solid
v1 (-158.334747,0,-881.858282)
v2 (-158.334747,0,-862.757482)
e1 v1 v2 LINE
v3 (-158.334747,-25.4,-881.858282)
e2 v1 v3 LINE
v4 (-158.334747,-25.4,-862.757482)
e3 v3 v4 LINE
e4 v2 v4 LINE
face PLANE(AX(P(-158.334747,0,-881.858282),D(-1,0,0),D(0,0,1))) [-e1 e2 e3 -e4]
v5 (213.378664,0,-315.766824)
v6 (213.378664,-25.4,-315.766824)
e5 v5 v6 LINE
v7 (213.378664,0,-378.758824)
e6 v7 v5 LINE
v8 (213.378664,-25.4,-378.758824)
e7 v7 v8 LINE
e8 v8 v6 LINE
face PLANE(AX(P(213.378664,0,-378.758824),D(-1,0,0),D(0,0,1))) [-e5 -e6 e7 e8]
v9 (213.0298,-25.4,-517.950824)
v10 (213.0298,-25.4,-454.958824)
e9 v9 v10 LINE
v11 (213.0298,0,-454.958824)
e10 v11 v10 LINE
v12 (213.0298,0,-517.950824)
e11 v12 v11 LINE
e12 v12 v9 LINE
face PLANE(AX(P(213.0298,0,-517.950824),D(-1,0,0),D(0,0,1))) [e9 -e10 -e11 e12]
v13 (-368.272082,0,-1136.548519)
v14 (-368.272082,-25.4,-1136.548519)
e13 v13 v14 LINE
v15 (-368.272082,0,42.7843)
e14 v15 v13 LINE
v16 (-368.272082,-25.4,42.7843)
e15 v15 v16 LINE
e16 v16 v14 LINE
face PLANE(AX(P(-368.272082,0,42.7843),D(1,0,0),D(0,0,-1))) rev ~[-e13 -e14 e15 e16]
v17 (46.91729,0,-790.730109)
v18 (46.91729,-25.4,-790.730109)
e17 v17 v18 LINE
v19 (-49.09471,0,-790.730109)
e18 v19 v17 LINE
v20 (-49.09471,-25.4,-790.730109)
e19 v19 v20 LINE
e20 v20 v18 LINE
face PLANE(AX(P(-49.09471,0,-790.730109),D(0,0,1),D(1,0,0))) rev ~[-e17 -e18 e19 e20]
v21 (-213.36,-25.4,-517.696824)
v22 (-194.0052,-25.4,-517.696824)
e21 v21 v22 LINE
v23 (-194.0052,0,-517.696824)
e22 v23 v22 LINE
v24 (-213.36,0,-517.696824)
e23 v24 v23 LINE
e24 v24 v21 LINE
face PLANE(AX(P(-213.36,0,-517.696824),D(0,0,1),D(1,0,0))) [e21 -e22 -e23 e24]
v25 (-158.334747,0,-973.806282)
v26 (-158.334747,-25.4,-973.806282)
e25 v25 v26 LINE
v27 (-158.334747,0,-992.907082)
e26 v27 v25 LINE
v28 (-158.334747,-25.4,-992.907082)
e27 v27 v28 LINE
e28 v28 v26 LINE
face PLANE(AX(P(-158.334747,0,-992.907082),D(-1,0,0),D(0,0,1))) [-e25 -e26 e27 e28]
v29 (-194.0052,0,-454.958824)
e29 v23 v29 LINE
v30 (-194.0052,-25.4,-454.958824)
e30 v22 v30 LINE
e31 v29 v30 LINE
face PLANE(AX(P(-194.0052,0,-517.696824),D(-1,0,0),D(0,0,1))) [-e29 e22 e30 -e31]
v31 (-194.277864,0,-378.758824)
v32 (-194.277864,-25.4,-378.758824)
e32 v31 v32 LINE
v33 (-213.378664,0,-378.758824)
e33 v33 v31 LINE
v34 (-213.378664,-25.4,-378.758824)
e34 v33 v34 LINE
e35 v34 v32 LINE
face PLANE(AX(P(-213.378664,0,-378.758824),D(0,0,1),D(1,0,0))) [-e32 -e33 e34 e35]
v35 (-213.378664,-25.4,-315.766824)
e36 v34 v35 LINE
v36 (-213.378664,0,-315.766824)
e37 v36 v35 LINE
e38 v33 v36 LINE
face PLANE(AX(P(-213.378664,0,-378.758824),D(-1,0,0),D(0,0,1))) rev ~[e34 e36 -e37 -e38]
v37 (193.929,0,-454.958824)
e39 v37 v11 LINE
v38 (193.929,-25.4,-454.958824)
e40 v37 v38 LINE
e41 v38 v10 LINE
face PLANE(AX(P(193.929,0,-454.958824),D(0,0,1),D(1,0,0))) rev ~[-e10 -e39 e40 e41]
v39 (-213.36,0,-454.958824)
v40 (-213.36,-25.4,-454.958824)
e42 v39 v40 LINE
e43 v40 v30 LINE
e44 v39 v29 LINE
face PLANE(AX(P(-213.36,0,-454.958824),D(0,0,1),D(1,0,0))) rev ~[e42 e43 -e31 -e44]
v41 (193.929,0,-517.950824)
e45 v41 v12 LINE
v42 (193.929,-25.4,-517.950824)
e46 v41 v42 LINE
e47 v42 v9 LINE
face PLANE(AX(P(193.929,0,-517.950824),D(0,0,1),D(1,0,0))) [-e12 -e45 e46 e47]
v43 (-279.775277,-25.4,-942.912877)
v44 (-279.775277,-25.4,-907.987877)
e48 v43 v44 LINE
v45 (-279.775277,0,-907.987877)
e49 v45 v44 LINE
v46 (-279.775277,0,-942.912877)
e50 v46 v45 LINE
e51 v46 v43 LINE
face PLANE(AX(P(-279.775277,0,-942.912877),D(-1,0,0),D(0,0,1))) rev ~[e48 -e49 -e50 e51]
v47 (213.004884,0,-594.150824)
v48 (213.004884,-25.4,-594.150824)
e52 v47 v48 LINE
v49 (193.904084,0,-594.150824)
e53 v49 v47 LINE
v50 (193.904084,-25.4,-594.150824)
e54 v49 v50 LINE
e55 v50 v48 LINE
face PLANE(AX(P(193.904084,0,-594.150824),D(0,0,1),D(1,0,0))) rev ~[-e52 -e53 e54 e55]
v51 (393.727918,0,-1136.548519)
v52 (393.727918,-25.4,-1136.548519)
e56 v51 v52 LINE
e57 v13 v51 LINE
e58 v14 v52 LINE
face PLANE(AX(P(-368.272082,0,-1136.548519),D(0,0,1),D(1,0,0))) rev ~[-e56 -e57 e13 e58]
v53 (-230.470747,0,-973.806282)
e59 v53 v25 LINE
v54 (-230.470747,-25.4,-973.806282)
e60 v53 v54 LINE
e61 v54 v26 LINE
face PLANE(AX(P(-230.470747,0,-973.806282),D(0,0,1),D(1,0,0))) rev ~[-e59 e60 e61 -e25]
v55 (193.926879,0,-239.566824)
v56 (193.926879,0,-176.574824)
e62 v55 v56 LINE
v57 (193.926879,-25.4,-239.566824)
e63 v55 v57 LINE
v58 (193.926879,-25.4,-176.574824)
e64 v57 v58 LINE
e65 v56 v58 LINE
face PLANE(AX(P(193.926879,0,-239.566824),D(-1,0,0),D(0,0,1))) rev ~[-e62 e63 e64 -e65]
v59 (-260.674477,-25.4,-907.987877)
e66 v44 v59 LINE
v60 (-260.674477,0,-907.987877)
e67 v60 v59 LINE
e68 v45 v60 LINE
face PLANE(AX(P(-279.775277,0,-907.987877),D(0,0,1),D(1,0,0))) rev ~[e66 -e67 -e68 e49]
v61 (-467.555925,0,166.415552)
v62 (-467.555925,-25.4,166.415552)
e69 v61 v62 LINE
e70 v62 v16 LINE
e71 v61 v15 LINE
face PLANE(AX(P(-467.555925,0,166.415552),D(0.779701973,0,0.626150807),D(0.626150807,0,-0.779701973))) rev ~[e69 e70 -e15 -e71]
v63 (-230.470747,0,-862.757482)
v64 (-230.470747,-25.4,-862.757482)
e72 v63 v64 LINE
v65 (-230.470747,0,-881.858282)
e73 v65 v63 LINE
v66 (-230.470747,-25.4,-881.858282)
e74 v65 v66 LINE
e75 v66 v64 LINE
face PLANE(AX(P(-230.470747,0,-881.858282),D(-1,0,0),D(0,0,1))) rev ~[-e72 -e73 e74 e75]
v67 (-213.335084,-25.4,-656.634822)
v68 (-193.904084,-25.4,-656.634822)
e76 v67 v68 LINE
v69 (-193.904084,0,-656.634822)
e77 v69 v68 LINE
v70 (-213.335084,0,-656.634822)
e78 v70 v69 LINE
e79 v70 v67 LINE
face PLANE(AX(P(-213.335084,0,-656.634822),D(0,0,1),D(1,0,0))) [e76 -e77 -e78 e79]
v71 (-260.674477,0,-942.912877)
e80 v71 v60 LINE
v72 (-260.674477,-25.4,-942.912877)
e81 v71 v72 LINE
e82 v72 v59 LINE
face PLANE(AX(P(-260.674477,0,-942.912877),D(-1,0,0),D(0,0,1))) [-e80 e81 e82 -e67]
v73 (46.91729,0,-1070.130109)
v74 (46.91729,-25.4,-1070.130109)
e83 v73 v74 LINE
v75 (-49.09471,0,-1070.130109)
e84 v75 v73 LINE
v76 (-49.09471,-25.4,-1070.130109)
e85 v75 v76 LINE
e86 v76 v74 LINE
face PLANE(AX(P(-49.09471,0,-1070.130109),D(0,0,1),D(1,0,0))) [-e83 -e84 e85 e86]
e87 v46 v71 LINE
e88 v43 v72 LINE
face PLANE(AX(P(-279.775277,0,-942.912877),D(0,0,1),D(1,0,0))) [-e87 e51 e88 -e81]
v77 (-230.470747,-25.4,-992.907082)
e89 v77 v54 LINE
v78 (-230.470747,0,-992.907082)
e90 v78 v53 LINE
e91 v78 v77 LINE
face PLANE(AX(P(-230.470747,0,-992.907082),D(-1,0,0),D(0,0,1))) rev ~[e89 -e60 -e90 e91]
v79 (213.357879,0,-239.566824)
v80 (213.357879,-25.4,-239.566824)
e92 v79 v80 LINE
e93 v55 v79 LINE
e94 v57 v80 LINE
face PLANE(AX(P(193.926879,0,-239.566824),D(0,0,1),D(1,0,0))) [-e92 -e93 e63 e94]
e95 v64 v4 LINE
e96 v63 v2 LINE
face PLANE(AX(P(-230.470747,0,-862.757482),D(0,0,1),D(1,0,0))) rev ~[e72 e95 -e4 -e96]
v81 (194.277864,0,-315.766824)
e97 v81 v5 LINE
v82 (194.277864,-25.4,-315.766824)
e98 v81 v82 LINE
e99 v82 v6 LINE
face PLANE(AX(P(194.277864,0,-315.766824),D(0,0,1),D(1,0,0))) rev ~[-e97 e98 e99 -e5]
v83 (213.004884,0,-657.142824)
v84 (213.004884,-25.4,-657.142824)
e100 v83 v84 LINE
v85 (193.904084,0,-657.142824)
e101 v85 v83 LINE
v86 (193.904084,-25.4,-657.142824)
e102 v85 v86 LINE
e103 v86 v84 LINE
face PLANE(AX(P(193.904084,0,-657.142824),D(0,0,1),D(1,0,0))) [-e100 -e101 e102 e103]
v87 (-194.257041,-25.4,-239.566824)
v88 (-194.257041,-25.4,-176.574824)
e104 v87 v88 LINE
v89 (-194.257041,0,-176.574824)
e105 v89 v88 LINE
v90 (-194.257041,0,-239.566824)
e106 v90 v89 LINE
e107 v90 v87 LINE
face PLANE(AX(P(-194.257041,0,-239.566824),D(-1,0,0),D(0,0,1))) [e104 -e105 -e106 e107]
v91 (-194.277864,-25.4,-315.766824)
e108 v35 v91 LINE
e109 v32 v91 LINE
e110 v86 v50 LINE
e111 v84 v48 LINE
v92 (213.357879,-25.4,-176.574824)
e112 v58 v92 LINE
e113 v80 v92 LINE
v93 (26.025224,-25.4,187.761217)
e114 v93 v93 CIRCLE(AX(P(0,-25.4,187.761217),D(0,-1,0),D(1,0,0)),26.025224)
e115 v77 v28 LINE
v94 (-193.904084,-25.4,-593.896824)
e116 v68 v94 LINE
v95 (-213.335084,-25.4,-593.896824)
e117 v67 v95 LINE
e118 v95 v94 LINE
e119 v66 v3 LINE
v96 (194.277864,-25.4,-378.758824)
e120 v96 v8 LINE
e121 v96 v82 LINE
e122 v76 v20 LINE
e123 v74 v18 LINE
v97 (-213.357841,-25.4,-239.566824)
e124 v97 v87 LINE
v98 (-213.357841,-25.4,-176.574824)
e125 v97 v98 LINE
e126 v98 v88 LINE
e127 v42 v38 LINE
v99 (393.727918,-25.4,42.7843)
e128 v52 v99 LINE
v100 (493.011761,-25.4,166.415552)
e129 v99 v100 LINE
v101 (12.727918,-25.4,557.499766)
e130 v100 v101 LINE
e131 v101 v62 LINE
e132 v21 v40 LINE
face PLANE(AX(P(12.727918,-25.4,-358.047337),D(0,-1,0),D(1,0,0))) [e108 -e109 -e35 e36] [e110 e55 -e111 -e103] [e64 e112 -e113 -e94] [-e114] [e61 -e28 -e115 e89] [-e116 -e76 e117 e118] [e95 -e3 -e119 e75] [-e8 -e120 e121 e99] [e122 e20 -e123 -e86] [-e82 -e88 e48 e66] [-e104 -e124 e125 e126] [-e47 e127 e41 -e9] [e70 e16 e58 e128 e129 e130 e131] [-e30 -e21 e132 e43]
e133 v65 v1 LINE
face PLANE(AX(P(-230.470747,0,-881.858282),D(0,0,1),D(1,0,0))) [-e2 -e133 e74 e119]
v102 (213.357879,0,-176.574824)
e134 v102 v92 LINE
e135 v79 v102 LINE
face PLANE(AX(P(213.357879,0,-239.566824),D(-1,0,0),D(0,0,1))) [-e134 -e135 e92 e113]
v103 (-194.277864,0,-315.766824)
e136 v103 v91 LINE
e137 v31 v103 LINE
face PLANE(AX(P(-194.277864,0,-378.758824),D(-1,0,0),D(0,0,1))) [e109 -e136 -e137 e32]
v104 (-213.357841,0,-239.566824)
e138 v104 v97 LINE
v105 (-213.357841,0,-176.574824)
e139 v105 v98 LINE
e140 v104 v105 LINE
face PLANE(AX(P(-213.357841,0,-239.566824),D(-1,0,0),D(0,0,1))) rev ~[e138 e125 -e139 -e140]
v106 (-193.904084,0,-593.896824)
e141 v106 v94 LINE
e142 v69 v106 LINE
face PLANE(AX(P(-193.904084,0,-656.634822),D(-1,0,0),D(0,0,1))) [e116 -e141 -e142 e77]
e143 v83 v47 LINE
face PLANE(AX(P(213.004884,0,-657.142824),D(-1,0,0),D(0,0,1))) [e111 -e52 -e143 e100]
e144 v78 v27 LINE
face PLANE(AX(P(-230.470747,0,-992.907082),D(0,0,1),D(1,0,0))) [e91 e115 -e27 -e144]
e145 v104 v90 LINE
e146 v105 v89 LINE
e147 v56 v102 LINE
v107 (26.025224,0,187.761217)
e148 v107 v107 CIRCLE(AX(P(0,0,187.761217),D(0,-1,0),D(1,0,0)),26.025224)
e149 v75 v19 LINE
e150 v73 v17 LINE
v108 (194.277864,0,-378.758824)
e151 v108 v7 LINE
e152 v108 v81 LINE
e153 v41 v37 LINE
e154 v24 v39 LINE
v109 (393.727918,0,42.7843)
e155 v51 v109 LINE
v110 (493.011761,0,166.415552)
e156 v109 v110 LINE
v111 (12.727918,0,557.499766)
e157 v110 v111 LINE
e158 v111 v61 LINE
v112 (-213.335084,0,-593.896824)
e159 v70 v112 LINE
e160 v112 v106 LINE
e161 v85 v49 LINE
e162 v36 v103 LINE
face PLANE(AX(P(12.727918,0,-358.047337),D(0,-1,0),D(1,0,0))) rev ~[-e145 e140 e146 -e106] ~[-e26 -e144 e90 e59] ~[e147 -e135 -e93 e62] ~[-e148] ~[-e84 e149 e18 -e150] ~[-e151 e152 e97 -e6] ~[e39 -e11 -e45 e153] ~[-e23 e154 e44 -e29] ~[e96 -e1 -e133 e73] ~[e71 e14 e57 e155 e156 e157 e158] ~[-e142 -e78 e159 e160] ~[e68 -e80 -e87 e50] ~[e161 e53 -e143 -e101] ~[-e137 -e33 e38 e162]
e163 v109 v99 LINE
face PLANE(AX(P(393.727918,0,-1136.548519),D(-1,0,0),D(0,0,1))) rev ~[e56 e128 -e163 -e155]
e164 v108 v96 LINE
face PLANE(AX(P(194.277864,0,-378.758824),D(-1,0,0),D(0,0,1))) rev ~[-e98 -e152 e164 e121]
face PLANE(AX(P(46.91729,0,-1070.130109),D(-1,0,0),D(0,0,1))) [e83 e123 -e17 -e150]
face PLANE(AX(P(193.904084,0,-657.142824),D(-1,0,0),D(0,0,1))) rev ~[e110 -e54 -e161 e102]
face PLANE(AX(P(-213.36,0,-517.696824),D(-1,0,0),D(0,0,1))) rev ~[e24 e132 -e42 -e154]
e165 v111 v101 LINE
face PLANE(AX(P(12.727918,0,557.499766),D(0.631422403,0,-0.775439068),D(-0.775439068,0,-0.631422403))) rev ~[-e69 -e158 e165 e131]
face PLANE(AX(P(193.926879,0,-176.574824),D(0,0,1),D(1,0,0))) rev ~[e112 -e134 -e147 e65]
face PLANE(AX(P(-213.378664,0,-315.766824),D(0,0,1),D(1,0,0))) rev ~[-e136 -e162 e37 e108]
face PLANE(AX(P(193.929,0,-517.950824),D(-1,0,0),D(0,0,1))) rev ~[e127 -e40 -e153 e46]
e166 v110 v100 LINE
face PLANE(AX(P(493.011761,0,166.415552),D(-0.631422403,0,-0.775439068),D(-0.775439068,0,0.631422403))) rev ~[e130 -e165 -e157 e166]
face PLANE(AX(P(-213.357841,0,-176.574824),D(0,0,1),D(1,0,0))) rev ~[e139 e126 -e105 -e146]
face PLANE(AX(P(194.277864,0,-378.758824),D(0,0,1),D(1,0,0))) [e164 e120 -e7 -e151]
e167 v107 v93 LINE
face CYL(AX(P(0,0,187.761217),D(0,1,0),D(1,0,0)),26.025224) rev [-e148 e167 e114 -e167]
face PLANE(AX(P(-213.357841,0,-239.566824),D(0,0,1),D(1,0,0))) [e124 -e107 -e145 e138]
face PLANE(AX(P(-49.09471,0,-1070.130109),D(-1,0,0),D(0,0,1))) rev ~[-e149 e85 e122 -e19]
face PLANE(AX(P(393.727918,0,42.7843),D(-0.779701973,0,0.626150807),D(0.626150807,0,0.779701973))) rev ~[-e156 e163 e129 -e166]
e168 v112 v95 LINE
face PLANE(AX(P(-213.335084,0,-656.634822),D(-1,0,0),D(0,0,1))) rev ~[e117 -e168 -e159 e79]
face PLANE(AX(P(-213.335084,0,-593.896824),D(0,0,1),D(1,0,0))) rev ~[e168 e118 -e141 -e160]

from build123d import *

# Parameters (mm, degrees)
F0_W     = 19.1008
F0_H     = 34.925
F0_W_2   = 72.136
F0_H_2   = 19.1008
F0_W_3   = 96.012
F0_H_3   = 279.4
F0_W_4   = 19.431
F0_H_4   = 62.737998
F0_W_5   = 19.3548
F0_H_5   = 62.738
F0_H_6   = 62.992
F0_R     = 26.025224
F1_DEPTH = 25.4


with BuildPart() as f1:
    # F0 (on Front) → F1 (new body)
    with BuildSketch(Plane.XZ):
        Polygon((12.727918, 557.499766), (-467.555925, 166.415552), (-368.272082, 42.7843), (-368.272082, -618.276235), (-368.272082, -1136.548519), (393.727918, -1136.548519), (393.727918, -618.276235), (393.727918, 42.7843), (493.011761, 166.415552), align=None)
        with Locations((-270.224877, -925.450377)):
            Rectangle(F0_W, F0_H, mode=Mode.SUBTRACT)
        with Locations((-194.402747, -983.356682)):
            Rectangle(F0_W_2, F0_H_2, mode=Mode.SUBTRACT)
        with Locations((-1.08871, -930.430109)):
            Rectangle(F0_W_3, F0_H_3, mode=Mode.SUBTRACT)
        with Locations((-194.402747, -872.307882)):
            Rectangle(F0_W_2, F0_H_2, mode=Mode.SUBTRACT)
        with Locations((-203.619584, -625.265823)):
            Rectangle(F0_W_4, F0_H_4, mode=Mode.SUBTRACT)
        with Locations((-203.6826, -486.327824)):
            Rectangle(F0_W_5, F0_H_5, mode=Mode.SUBTRACT)
        with Locations((-203.828264, -347.262824)):
            Rectangle(F0_W, F0_H_6, mode=Mode.SUBTRACT)
        with Locations((203.454484, -625.646824)):
            Rectangle(F0_W, F0_H_6, mode=Mode.SUBTRACT)
        with Locations((203.4794, -486.454824)):
            Rectangle(F0_W, F0_H_6, mode=Mode.SUBTRACT)
        with Locations((203.828264, -347.262824)):
            Rectangle(F0_W, F0_H_6, mode=Mode.SUBTRACT)
        with Locations((-203.807441, -208.070824)):
            Rectangle(F0_W, F0_H_6, mode=Mode.SUBTRACT)
        with Locations((0, 187.761217)):
            Circle(F0_R, mode=Mode.SUBTRACT)
        with Locations((203.642379, -208.070824)):
            Rectangle(F0_W_4, F0_H_6, mode=Mode.SUBTRACT)
    extrude(amount=F1_DEPTH)


solid = f1.part
